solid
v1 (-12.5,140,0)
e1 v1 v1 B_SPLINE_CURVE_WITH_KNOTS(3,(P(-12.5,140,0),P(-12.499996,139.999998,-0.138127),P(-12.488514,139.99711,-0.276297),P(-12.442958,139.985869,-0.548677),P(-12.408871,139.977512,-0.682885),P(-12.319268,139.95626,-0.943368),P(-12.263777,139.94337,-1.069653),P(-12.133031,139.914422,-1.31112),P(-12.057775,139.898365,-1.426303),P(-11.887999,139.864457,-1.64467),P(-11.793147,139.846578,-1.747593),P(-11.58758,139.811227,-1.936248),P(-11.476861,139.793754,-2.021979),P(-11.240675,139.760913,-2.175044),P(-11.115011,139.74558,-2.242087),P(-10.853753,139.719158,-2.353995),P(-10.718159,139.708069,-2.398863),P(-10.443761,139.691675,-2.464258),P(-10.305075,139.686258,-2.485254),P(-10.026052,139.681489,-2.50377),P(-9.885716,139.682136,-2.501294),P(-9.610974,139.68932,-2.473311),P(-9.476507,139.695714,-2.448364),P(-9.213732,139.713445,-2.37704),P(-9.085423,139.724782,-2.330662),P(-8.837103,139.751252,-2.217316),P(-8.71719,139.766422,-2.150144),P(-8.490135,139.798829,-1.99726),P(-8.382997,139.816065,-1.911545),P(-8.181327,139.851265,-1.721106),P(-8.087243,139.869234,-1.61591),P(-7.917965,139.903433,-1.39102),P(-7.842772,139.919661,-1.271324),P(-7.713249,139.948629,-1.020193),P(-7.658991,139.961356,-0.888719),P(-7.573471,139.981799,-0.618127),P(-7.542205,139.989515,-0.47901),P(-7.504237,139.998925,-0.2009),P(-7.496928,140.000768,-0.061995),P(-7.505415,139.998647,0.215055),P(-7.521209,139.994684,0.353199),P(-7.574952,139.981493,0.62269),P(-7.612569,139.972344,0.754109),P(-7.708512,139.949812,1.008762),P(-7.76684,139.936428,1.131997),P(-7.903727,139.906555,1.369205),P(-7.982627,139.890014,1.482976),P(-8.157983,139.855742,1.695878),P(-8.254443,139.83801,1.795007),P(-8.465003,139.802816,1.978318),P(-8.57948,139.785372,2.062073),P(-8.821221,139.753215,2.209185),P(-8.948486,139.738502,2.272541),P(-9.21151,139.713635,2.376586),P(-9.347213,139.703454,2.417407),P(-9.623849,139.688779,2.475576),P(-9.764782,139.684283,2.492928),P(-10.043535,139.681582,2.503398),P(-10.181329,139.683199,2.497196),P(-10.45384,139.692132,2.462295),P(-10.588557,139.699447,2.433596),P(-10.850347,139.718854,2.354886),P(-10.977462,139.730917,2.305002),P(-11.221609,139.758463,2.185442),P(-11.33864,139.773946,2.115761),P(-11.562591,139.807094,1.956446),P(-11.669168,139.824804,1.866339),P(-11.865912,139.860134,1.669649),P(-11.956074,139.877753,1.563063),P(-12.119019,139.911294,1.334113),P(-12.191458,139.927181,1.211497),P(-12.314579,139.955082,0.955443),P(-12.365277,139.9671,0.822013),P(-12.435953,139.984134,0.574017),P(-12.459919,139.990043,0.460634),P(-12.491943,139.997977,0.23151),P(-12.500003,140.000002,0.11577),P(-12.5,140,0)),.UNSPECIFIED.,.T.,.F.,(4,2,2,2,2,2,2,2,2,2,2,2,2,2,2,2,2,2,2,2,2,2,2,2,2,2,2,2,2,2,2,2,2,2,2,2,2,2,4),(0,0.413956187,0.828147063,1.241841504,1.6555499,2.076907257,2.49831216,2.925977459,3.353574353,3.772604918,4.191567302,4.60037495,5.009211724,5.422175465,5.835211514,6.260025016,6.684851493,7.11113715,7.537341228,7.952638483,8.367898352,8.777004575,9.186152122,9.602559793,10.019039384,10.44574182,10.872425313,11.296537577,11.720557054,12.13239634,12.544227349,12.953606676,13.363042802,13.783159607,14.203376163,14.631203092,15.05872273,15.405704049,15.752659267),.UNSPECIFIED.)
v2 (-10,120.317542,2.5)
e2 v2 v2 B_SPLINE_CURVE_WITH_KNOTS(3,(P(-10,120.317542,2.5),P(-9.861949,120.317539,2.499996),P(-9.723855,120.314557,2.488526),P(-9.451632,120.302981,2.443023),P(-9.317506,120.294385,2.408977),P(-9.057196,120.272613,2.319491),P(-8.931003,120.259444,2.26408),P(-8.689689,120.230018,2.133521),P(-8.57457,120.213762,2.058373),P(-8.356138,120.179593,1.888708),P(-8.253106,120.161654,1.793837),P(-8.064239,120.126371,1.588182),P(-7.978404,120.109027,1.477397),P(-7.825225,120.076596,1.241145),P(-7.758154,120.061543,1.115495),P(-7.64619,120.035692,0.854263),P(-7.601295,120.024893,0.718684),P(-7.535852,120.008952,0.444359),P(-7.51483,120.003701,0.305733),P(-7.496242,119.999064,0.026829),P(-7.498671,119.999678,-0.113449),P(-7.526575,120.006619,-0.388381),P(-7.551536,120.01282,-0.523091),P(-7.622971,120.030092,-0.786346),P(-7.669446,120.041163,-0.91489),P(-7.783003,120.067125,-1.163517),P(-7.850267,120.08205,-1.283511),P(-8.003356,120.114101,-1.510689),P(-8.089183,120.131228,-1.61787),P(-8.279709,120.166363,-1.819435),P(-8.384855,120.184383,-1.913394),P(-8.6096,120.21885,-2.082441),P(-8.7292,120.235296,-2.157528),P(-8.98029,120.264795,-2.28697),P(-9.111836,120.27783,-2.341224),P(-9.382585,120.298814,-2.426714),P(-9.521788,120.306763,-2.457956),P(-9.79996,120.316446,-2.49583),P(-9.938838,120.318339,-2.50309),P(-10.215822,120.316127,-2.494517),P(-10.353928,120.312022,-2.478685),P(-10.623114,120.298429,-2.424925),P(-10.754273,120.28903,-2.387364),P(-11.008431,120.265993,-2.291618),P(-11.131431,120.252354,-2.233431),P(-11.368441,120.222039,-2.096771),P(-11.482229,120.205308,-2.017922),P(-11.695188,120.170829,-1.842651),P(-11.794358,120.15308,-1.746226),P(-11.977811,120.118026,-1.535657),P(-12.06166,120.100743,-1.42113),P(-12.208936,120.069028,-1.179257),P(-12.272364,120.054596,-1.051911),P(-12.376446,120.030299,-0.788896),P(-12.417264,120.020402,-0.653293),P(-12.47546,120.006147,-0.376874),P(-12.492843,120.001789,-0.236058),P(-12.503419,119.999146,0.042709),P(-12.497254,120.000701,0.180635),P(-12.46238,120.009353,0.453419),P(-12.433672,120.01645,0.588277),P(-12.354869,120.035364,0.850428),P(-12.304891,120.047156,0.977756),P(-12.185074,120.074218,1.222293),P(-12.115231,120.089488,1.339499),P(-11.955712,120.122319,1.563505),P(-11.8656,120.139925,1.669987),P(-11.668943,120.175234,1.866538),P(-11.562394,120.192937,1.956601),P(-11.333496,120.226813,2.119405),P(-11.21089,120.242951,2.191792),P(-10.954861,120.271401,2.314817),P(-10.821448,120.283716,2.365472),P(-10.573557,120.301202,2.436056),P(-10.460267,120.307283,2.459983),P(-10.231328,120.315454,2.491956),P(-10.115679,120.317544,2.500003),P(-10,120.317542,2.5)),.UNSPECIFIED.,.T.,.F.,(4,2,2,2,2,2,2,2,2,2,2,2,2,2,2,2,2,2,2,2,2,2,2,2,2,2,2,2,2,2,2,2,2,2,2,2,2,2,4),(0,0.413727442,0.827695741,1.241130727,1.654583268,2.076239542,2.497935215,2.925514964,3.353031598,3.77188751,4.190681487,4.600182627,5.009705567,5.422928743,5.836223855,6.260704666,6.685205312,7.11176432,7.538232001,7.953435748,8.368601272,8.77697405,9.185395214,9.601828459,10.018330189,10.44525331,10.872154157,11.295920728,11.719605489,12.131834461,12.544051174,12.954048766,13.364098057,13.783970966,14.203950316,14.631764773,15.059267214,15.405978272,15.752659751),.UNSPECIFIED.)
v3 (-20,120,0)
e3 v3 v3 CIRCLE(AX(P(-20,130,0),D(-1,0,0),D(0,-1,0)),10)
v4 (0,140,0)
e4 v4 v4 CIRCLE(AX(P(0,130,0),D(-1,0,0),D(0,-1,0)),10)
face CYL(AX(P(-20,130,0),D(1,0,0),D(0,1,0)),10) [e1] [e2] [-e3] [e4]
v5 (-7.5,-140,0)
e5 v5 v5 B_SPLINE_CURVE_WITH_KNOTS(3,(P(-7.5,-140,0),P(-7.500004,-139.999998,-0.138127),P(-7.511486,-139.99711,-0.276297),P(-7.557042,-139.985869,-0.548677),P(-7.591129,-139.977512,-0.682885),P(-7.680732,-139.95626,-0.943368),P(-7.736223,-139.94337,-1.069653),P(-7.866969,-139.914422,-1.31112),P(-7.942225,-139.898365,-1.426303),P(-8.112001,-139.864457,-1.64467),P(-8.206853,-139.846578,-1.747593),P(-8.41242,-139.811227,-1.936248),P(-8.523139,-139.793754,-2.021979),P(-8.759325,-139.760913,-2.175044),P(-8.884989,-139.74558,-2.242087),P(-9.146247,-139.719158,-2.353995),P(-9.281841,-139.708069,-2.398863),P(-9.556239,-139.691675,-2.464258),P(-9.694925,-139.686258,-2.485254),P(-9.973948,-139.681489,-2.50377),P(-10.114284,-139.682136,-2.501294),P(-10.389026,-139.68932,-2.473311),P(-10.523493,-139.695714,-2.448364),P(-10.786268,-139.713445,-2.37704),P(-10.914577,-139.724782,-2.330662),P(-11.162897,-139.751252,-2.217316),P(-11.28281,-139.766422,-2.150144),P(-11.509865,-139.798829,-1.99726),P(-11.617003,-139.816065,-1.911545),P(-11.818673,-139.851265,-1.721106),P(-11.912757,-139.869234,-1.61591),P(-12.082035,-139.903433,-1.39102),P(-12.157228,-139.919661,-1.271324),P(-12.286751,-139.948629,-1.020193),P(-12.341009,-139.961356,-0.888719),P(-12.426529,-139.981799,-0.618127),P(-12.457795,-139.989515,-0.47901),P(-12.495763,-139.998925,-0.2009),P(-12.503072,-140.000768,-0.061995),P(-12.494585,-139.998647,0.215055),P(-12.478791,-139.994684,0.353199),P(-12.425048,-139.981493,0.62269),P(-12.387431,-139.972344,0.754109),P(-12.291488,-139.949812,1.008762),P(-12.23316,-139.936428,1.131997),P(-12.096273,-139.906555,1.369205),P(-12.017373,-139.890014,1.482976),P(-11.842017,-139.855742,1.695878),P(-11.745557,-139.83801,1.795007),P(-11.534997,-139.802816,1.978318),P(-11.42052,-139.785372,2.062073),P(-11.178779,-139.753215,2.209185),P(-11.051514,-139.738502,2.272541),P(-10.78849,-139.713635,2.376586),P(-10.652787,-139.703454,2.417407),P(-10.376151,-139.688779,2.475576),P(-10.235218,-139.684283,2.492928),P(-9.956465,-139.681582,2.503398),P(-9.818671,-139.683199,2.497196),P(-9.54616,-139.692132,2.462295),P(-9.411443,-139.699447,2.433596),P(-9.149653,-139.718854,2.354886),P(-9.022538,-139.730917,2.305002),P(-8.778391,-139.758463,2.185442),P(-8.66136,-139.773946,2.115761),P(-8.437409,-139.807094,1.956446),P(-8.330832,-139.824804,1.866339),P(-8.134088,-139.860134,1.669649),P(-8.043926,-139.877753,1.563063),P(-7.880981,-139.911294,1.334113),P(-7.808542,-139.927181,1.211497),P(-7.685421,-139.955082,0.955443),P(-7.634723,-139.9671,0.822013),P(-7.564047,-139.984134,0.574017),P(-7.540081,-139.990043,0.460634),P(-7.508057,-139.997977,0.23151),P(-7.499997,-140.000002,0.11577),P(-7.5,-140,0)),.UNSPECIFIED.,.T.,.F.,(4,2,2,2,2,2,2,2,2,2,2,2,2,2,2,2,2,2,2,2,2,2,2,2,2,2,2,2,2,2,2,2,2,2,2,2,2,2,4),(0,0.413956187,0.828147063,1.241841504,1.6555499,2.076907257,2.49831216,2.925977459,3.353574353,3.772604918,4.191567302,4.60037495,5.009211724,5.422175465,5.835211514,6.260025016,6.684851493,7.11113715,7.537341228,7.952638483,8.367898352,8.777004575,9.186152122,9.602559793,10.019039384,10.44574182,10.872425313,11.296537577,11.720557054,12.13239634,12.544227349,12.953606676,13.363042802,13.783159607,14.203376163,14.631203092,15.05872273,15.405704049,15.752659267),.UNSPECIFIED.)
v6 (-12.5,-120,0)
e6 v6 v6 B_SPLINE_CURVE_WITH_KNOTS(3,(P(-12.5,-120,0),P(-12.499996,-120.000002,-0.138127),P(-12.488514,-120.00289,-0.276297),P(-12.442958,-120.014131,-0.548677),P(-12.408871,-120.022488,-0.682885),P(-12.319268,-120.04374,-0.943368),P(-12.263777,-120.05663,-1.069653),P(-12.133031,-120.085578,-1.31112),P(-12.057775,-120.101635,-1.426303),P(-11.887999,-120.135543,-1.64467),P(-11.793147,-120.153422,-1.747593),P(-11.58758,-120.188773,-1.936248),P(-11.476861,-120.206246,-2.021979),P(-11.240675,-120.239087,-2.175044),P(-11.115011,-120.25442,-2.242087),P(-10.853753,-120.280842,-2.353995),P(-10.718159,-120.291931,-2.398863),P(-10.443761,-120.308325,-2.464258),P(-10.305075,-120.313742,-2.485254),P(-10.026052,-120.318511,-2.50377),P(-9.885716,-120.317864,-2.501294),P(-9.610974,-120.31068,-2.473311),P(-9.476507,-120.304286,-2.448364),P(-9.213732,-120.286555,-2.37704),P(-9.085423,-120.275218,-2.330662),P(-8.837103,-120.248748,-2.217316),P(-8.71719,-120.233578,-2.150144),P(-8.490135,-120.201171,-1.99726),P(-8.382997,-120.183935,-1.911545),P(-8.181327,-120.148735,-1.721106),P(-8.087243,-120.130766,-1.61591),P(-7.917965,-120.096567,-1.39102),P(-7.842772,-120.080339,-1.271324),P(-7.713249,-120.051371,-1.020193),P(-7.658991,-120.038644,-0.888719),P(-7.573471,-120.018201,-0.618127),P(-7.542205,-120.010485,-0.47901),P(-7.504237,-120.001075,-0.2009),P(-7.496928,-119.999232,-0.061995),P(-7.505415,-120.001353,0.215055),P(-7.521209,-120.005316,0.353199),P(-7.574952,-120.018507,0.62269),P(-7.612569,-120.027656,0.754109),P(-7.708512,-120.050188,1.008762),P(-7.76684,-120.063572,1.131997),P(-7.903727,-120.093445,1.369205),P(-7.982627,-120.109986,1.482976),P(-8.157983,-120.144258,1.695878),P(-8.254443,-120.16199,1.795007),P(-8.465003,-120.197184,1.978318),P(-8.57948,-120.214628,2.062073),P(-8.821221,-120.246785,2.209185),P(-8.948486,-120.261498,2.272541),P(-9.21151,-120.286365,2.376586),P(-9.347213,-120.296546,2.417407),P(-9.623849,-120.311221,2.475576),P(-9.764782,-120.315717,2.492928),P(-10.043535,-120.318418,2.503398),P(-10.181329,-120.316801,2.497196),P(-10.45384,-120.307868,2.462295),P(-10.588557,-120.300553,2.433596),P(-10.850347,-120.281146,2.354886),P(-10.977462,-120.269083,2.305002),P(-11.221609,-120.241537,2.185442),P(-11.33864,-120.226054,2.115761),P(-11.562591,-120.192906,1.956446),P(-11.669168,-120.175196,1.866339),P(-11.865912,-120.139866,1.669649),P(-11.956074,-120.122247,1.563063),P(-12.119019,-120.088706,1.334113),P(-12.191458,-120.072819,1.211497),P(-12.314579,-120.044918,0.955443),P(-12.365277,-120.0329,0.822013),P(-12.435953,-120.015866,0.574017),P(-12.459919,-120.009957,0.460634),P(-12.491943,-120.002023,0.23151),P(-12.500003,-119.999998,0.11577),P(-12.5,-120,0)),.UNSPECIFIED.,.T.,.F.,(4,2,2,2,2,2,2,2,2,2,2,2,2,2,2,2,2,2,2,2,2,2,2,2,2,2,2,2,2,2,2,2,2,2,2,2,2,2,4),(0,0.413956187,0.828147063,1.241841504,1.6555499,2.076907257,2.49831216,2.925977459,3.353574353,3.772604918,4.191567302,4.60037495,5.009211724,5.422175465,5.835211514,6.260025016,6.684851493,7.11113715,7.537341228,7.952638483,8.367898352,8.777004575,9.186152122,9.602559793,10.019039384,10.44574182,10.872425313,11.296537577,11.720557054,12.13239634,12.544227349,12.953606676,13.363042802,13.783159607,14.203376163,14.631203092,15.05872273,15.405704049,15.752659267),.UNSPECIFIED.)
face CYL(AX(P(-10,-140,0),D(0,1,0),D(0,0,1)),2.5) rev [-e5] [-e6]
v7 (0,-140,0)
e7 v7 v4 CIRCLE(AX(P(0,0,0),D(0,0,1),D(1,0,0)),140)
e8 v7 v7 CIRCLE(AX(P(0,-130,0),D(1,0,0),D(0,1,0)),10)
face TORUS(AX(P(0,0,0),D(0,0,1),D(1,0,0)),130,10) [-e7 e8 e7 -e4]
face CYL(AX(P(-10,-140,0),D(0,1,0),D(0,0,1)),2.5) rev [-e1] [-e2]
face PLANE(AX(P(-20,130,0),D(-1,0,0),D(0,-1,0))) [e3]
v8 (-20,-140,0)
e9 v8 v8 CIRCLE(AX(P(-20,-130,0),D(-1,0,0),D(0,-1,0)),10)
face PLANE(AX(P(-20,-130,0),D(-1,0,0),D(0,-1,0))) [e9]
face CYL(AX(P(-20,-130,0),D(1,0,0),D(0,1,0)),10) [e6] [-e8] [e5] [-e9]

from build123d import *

# Parameters (mm, degrees)
BALAYAGE2_PROFILE_R          = 10
ESQUISSE38_R                 = 10
BOSS_EXTRU_1_DEPTH           = 20
ESQUISSE39_R                 = 10
BOSS_EXTRU_2_DEPTH           = 20
ENL_V_MAT_EXTRU_1_DEPTH      = 199.242276162
ENL_V_MAT_EXTRU_1_DEPTH_BACK = 199.242276162
ESQUISSE41_R                 = 2.5


with BuildPart() as part:
    # Balayage2: sweep along a path in Esquisse2
    with BuildLine(Plane.XY) as balayage2_path:
        ThreePointArc((0, -130), (130, 0), (0, 130))
    # Balayage2 profile (on start of the path) → Balayage2 (sweep)
    with BuildSketch(Plane(origin=(0, -130, 0), x_dir=(0, 1, 0), z_dir=(1, 0, 0))):
        Circle(BALAYAGE2_PROFILE_R)
    sweep(path=balayage2_path.line)

    # Esquisse38 → Boss.-Extru.1 (add)
    with BuildSketch(Plane.ZY):
        with Locations(Location((0, -130, 0), (0, 0, 90))):
            Circle(ESQUISSE38_R)
    extrude(amount=BOSS_EXTRU_1_DEPTH)

    # Esquisse39 → Boss.-Extru.2 (add)
    with BuildSketch(Plane.ZY):
        with Locations(Location((0, 130, 0), (0, 0, 90))):
            Circle(ESQUISSE39_R)
    extrude(amount=BOSS_EXTRU_2_DEPTH)

    # Esquisse41 → Enlèv. mat.-Extru.1 (cut, two sides: drawn at the far end of the back side and taken through both)
    with BuildSketch(Plane(origin=(0, 0, 0), x_dir=(1, 0, 0), z_dir=(0, 1, 0)).offset(-ENL_V_MAT_EXTRU_1_DEPTH_BACK)):
        with Locations(Location((-10, 0, 0), (0, 0, 270))):
            Circle(ESQUISSE41_R)
    extrude(amount=ENL_V_MAT_EXTRU_1_DEPTH + ENL_V_MAT_EXTRU_1_DEPTH_BACK, mode=Mode.SUBTRACT)


solid = part.part
